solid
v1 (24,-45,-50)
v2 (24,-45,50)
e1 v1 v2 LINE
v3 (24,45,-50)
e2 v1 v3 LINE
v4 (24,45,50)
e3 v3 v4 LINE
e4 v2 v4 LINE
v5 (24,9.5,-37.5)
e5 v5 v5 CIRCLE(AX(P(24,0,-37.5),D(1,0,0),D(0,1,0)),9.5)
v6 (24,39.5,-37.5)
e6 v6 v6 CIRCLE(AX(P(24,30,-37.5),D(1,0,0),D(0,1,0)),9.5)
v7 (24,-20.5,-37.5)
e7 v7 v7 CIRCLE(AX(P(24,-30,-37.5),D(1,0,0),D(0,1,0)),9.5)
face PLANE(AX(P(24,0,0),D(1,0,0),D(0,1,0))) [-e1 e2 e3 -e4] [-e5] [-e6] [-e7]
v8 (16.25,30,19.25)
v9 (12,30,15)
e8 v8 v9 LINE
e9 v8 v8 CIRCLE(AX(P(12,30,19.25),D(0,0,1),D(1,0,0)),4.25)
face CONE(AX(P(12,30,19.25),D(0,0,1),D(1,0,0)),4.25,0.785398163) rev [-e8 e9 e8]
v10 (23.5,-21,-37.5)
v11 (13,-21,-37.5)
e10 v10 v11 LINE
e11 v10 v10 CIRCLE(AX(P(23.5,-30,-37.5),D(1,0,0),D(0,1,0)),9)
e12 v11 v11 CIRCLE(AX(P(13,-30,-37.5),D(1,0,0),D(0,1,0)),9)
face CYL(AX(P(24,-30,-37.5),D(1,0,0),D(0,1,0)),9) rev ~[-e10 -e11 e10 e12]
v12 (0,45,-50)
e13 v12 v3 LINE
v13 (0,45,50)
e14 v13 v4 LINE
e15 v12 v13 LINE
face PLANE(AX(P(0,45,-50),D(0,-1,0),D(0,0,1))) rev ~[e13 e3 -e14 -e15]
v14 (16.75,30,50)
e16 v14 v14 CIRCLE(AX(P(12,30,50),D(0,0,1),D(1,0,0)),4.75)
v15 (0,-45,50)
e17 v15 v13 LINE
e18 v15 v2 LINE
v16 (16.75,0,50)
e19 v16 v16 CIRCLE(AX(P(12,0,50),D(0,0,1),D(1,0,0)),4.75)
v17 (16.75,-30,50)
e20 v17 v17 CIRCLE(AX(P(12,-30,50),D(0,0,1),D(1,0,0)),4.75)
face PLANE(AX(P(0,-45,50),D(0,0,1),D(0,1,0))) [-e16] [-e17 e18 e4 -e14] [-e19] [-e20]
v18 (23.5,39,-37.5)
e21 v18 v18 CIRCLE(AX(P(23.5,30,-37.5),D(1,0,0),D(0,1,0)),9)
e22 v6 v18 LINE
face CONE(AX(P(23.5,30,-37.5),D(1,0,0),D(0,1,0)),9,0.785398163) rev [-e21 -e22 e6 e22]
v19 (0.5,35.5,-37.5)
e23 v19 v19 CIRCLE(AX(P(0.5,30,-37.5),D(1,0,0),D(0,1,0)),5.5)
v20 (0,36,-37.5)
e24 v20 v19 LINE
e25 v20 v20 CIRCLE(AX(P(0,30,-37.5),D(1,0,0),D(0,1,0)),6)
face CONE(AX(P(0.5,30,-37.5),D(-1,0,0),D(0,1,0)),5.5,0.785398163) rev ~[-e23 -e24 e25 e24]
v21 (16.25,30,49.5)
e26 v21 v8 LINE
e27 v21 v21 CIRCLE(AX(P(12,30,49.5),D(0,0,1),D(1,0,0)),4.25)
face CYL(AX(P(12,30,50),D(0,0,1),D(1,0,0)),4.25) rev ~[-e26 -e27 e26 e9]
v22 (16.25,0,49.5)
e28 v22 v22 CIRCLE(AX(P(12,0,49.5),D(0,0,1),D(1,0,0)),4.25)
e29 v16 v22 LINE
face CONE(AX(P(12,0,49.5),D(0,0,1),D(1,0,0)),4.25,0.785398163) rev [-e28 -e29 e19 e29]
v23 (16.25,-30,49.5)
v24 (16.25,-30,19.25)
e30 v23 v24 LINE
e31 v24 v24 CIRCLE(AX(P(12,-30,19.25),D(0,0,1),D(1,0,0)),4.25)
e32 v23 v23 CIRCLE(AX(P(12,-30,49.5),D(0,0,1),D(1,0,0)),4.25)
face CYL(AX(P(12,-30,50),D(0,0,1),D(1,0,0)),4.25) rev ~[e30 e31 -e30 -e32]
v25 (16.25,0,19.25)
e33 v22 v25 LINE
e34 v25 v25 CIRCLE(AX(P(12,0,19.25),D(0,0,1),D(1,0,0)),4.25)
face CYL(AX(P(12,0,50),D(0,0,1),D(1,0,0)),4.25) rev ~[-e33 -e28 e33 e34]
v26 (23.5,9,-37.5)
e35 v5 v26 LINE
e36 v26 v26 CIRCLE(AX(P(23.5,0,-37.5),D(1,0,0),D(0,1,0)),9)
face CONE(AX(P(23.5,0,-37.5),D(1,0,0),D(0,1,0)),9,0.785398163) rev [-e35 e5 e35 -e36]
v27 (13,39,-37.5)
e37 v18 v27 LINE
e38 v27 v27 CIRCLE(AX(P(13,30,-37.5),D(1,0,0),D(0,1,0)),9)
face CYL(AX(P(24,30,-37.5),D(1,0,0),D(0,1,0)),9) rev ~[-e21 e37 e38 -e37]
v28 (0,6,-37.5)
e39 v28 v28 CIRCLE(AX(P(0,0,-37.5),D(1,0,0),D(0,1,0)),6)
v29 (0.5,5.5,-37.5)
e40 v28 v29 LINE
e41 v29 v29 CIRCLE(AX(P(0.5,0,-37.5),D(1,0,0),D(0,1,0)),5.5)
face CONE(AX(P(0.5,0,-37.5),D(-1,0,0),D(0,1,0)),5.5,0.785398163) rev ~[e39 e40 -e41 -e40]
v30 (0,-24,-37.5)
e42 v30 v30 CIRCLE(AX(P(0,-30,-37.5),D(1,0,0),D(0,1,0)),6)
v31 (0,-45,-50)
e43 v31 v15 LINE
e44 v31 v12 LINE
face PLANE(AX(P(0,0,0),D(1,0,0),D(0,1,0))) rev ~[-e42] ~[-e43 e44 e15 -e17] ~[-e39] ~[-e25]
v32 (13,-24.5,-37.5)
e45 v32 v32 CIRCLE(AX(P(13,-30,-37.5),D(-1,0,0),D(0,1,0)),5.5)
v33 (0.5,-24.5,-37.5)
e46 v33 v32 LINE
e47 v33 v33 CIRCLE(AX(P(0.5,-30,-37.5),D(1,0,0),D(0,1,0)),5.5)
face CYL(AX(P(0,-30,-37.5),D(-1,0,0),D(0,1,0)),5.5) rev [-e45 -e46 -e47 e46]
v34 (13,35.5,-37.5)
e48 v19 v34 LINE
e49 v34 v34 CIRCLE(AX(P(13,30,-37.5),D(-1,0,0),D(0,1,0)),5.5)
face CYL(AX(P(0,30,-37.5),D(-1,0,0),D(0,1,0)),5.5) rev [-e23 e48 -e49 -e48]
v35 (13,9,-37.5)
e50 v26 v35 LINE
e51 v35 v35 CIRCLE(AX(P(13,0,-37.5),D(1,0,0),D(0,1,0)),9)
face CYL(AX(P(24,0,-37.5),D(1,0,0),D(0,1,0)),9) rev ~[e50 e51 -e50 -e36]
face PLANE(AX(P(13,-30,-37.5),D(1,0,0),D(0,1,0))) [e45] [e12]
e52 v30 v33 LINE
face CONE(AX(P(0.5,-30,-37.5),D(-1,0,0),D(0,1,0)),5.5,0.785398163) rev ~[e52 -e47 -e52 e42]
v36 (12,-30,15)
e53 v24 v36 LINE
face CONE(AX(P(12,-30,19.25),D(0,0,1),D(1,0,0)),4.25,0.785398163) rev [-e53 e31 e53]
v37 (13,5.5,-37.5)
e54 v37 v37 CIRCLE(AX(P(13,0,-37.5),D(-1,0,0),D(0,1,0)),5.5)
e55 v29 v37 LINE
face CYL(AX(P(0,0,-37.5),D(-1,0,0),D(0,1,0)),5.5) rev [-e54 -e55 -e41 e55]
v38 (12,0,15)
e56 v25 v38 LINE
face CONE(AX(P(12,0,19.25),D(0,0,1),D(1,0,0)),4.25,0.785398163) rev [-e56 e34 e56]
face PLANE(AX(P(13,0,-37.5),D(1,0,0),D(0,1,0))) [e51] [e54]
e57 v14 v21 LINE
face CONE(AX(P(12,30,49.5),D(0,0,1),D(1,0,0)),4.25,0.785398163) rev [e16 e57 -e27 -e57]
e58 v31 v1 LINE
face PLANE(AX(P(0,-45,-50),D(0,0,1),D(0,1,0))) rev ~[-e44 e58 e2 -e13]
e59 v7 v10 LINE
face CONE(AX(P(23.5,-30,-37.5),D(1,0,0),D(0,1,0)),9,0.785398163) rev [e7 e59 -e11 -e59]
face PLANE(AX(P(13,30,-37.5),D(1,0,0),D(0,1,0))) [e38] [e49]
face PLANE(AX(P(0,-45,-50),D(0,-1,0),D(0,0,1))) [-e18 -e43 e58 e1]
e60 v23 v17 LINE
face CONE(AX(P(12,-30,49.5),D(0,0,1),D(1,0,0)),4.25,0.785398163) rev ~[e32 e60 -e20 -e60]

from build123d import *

# Parameters (mm, degrees)
F0_W     = 90
F0_H     = 100
F0_R     = 5.5
F1_DEPTH = 24
F2_R     = 9
F3_DEPTH = 11
F4_R     = 4.25
F5_DEPTH = 35
F6_SIZE  = 4.25
F7_SIZE  = 0.5


with BuildPart() as f1:
    # F0 (on Right) → F1 (new body)
    with BuildSketch(Plane.YZ):
        Rectangle(F0_W, F0_H)
        with Locations((-30, -37.5)):
            Circle(F0_R, mode=Mode.SUBTRACT)
        with Locations((0, -37.5)):
            Circle(F0_R, mode=Mode.SUBTRACT)
        with Locations((30, -37.5)):
            Circle(F0_R, mode=Mode.SUBTRACT)
    extrude(amount=F1_DEPTH)

    # F2 (on face) → F3 (cut)
    with BuildSketch(Plane.YZ.offset(24)):
        with Locations((-30, -37.5)):
            Circle(F2_R)
        with Locations((0, -37.5)):
            Circle(F2_R)
        with Locations((30, -37.5)):
            Circle(F2_R)
    extrude(amount=-F3_DEPTH, mode=Mode.SUBTRACT)

    # F4 (on face) → F5 (cut)
    with BuildSketch(Plane.XY.offset(50)):
        with Locations((12, -30)):
            Circle(F4_R)
        with Locations((12, 0)):
            Circle(F4_R)
        with Locations((12, 30)):
            Circle(F4_R)
    extrude(amount=-F5_DEPTH, mode=Mode.SUBTRACT)

    # F6
    f6_edges = [f1.edges().sort_by_distance(p)[0] for p in [
        (7.75, 30, 15),
        (7.75, 0, 15),
        (7.75, -30, 15),
    ]]
    chamfer(f6_edges, length=F6_SIZE)

    # F7
    f7_edges = [f1.edges().sort_by_distance(p)[0] for p in [
        (0, -35.5, -37.5),
        (0, -5.5, -37.5),
        (0, 24.5, -37.5),
        (7.75, 30, 50),
        (7.75, 0, 50),
        (7.75, -30, 50),
        (24, -39, -37.5),
        (24, -9, -37.5),
        (24, 21, -37.5),
    ]]
    chamfer(f7_edges, length=F7_SIZE)


solid = f1.part
